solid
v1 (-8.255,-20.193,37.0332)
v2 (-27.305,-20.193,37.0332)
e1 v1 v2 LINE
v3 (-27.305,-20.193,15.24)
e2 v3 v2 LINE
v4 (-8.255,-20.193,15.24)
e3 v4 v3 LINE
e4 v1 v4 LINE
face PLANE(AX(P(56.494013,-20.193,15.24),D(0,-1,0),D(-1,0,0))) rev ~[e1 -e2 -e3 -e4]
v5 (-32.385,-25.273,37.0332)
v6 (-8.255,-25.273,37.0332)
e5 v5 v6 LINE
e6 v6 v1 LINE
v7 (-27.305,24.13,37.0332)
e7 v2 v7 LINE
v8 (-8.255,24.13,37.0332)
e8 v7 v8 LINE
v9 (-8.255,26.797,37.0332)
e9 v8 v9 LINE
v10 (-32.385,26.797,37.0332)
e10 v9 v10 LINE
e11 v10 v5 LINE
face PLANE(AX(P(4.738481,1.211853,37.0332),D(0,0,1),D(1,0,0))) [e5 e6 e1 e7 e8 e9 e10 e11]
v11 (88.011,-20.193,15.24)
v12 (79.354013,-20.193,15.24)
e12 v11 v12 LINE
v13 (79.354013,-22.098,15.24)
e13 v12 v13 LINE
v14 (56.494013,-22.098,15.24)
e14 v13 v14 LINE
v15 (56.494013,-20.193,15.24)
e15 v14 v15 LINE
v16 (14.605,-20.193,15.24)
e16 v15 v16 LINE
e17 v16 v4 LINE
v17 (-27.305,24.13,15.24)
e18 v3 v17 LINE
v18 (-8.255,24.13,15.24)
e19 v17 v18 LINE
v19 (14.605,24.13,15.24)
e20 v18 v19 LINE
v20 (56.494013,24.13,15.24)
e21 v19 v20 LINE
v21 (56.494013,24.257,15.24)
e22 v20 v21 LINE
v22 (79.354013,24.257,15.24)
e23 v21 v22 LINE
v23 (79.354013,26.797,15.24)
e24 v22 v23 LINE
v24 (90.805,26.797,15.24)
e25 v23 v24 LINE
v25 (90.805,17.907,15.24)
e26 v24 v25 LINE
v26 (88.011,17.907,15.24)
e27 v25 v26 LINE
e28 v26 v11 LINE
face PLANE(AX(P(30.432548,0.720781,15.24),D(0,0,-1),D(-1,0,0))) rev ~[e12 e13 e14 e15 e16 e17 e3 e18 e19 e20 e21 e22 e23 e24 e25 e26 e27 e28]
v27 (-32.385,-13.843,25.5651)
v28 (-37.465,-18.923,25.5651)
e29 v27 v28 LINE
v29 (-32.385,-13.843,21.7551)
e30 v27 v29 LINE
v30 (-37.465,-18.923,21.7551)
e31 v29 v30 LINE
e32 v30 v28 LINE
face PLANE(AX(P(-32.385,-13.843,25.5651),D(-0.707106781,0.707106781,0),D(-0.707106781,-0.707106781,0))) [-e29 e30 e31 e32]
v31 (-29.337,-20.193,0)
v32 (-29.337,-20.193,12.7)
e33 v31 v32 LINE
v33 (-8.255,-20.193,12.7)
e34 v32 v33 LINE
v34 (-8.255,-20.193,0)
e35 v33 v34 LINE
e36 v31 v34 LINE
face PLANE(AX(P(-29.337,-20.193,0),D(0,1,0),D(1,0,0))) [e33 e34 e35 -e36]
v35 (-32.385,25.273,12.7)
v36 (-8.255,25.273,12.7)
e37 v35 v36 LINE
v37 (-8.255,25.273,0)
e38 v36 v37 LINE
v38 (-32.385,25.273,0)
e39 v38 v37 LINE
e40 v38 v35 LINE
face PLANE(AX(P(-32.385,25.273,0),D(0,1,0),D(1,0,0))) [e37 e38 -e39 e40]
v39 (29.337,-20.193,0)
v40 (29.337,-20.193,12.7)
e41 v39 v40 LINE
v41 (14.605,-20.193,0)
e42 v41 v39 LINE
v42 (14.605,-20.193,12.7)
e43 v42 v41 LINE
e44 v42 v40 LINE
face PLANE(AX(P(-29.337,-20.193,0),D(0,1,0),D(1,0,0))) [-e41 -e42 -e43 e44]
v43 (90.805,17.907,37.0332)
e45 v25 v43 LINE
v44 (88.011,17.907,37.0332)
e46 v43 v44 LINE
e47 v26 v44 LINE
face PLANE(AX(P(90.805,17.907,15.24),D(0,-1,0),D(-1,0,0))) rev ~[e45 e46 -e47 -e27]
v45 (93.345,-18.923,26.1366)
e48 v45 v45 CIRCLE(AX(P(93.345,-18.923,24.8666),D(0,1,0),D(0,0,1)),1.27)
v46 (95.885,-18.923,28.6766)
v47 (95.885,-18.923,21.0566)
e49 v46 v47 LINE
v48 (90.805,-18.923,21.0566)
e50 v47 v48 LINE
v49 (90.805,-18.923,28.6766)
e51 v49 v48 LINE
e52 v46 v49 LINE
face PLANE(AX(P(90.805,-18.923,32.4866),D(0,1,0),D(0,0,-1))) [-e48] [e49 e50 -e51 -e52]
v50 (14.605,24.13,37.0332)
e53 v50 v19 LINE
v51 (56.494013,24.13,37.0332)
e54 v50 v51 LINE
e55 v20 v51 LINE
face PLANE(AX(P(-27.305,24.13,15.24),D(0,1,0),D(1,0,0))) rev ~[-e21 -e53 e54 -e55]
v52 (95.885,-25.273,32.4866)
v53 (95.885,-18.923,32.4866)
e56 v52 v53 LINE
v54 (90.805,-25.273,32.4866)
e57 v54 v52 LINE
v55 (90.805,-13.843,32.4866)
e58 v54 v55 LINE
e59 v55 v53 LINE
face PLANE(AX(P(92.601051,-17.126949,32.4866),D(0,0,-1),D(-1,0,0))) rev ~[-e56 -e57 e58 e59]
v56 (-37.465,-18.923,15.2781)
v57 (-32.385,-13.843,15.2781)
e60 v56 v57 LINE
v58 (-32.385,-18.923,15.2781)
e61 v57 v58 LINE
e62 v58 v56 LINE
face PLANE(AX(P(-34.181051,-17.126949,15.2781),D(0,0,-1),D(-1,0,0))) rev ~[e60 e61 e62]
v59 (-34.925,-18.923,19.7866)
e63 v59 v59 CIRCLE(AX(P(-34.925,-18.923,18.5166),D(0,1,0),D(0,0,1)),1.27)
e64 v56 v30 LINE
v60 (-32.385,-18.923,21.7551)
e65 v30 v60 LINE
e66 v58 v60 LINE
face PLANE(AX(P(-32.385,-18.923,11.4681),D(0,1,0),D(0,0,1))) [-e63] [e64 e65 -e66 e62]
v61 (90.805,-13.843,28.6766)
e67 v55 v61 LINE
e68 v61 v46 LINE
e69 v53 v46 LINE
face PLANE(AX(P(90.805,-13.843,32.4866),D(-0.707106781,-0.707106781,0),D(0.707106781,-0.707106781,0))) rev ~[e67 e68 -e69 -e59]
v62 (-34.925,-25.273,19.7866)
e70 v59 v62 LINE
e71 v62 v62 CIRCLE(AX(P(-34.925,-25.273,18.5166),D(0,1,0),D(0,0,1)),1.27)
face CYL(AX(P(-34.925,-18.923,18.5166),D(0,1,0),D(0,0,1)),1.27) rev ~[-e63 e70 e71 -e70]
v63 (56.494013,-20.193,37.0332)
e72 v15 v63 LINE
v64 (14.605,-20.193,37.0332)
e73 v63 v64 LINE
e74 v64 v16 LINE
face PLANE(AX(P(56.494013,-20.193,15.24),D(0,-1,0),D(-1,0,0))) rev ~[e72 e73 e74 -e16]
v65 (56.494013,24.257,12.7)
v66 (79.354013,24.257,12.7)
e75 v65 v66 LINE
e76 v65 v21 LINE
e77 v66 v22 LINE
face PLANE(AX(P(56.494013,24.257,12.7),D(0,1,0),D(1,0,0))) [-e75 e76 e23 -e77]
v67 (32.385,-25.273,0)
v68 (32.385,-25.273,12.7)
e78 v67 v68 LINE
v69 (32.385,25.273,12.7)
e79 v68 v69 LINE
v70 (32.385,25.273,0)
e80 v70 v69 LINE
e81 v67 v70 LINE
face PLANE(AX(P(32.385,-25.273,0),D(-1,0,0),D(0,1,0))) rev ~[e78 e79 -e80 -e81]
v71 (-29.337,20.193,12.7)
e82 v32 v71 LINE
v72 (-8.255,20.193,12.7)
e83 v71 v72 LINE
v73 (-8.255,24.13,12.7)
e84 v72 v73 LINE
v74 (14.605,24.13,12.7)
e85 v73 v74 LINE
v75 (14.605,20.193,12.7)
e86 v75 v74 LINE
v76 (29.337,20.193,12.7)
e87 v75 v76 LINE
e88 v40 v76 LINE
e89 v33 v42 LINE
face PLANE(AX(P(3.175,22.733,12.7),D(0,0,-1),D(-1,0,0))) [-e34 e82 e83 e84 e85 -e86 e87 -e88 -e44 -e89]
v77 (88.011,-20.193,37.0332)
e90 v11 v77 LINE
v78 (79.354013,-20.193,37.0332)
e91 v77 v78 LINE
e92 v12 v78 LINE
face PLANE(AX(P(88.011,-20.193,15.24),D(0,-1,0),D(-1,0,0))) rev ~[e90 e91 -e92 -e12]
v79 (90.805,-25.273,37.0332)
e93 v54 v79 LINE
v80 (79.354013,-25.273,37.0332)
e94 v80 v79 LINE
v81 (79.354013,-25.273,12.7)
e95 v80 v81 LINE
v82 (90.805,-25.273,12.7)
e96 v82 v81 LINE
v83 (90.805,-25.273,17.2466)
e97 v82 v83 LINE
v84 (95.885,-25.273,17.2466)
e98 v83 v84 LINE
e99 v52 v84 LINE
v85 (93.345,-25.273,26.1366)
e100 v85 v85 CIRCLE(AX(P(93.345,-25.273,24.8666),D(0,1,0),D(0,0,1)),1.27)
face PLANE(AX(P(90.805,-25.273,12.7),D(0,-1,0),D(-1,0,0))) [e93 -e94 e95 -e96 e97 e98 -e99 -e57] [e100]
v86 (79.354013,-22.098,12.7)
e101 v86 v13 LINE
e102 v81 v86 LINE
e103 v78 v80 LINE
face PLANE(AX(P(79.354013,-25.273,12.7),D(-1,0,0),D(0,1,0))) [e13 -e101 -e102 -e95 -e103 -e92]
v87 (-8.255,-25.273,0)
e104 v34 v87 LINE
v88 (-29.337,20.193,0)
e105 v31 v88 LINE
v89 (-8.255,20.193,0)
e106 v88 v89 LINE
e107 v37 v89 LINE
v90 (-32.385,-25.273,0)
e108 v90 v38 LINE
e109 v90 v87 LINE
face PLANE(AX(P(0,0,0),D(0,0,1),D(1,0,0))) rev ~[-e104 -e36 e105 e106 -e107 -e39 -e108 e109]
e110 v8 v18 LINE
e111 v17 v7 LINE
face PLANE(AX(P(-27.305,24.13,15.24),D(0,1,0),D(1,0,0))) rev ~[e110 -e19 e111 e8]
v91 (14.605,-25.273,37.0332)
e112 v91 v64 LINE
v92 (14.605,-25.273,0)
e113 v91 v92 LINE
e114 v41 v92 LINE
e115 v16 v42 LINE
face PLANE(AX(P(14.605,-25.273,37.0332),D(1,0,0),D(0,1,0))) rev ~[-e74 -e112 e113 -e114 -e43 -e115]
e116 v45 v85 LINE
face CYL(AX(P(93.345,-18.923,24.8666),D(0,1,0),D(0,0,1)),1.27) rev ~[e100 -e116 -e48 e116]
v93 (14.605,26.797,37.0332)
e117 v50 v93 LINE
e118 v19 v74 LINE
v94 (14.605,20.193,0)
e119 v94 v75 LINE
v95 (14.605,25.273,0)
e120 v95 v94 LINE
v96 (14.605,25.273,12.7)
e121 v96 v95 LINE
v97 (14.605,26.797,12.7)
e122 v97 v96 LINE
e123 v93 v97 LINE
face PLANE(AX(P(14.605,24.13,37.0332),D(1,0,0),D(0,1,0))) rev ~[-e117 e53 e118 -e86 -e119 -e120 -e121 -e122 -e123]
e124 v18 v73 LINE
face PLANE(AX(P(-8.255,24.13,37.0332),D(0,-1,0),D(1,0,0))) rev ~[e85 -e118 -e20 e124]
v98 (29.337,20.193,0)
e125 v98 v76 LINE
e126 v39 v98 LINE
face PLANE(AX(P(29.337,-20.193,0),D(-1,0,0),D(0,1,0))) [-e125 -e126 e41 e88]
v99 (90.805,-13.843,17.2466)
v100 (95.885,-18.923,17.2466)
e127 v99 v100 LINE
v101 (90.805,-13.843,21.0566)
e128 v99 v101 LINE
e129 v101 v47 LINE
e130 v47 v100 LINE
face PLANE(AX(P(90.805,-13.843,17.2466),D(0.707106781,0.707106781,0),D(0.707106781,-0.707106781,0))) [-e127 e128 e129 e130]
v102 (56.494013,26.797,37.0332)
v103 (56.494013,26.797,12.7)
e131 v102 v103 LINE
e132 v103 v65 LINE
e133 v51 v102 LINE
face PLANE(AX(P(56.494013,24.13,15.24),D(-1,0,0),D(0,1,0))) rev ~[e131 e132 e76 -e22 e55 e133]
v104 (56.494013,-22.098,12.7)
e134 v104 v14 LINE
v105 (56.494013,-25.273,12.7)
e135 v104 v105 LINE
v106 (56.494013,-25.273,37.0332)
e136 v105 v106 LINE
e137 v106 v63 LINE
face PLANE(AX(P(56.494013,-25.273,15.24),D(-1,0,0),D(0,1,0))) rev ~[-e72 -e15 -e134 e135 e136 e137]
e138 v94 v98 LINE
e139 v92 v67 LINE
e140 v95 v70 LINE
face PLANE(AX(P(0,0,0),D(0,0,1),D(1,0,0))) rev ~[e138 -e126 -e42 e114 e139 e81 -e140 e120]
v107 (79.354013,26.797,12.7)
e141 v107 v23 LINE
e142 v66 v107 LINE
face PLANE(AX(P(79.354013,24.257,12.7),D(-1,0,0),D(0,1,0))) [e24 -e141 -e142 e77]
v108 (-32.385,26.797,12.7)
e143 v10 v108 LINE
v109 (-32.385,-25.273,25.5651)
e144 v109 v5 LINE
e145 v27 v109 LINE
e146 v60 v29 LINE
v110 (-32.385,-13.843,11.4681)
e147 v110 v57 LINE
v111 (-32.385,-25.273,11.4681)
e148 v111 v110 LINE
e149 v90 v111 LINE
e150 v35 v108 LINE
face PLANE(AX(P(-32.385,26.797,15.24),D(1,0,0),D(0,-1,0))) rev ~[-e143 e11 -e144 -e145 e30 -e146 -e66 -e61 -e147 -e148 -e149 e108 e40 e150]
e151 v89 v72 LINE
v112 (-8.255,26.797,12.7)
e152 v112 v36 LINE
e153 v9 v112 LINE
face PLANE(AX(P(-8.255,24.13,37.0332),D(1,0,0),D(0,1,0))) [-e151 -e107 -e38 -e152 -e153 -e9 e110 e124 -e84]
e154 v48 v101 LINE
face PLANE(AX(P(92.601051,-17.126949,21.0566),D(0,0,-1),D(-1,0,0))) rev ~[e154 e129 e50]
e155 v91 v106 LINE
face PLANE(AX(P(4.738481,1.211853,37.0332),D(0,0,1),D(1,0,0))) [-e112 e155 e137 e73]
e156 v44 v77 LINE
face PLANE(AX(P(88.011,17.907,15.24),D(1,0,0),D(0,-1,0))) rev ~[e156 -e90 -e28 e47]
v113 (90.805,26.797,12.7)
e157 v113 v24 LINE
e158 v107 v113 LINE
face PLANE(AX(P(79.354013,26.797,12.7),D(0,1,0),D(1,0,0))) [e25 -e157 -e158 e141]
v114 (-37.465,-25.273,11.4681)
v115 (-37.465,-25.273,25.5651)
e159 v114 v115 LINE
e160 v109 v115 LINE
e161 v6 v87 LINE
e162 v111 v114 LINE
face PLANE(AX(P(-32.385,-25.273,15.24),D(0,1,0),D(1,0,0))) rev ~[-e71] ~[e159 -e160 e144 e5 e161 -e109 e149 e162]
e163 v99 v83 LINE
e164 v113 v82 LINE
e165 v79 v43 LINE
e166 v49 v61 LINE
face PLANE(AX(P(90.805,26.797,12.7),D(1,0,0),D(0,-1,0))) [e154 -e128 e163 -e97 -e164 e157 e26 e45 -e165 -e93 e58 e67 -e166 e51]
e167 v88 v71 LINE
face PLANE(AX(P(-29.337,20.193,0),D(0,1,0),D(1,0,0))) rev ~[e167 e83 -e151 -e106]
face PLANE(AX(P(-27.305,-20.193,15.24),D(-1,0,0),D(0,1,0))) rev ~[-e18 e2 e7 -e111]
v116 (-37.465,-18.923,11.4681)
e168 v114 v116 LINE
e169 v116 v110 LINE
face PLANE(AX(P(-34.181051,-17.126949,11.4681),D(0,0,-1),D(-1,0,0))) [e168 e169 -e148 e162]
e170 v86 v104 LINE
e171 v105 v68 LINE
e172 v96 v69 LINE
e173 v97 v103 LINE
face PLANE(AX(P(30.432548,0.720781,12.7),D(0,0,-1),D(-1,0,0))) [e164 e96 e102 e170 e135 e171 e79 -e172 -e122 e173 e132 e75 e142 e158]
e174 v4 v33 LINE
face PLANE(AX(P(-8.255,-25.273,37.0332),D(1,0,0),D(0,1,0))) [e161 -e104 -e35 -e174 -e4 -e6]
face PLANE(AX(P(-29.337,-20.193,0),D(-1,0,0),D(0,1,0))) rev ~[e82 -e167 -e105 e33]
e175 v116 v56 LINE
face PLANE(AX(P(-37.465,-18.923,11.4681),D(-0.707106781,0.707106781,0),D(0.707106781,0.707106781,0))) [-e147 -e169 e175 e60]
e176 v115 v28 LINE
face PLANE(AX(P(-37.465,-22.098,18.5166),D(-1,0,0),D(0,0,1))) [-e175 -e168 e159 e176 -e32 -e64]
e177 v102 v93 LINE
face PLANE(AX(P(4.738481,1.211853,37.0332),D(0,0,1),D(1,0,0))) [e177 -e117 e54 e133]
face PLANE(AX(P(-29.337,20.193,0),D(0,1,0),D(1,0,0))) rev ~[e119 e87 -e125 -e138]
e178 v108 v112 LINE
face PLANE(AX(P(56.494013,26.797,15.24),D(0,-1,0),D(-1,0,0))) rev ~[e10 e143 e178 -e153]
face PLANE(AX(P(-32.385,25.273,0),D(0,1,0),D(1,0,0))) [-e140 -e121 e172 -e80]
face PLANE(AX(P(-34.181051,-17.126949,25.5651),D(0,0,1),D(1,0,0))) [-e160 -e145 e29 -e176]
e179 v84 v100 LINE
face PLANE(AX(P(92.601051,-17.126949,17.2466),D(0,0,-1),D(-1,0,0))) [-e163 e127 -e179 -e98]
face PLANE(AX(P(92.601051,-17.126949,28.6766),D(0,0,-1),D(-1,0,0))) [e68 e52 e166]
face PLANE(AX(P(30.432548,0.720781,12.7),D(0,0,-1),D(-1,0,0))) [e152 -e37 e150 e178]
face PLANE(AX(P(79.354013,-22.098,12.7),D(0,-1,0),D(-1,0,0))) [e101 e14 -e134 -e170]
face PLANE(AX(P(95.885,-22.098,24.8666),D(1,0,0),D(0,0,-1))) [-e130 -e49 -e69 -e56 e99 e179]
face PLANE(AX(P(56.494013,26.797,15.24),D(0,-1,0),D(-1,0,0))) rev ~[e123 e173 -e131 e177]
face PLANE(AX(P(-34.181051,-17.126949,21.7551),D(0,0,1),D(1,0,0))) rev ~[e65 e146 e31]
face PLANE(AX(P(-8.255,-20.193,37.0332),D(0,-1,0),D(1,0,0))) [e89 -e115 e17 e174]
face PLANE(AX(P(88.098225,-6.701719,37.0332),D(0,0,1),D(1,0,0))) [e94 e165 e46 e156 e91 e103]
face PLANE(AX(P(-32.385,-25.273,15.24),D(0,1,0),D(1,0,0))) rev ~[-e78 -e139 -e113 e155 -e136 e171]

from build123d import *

# Parameters (mm, degrees)
SKETCH1_W            = 64.77
SKETCH1_H            = 50.546
SKETCH1_W_2          = 58.674
SKETCH1_H_2          = 40.386
BOSS_EXTRUDE1_DEPTH  = 12.7
BOSS_EXTRUDE2_DEPTH  = 2.54
BOSS_EXTRUDE3_DEPTH  = 21.7932
SKETCH6_W            = 22.86
SKETCH6_H            = 2.667
SKETCH6_H_2          = 5.08
CUT_EXTRUDE1_DEPTH   = 102.661620763
SKETCH7_W            = 22.86
SKETCH7_H            = 5.08
SKETCH7_H_2          = 1.143
CUT_EXTRUDE2_DEPTH   = 12.7
SKETCH10_W           = 14.097
SKETCH10_H           = 6.35
BOSS_EXTRUDE4_DEPTH  = 5.08
BOSS_EXTRUDE5_DEPTH  = 3.81
SKETCH12_R           = 1.27
CUT_EXTRUDE3_DEPTH   = 109.200389682
BOSS_EXTRUDE7_DEPTH  = 3.81
SKETCH14_W           = 15.24
SKETCH14_H           = 6.35
BOSS_EXTRUDE8_DEPTH  = 5.08
SKETCH15_R           = 1.27
CUT_EXTRUDE4_DEPTH   = 113.497597873
BOSS_EXTRUDE9_DEPTH  = 3.81
BOSS_EXTRUDE10_DEPTH = 3.81


with BuildPart() as part:
    # Sketch1 → Boss-Extrude1 (new body)
    with BuildSketch(Plane.XY):
        Rectangle(SKETCH1_W, SKETCH1_H)
        Rectangle(SKETCH1_W_2, SKETCH1_H_2, mode=Mode.SUBTRACT)
    extrude(amount=BOSS_EXTRUDE1_DEPTH)

    # Sketch3 → Boss-Extrude2 (add)
    with BuildSketch(Plane.XY.offset(12.7)):
        Polygon((79.354012503, -25.273), (79.354012503, -22.098), (56.494012503, -22.098), (56.494012503, -25.273), (-32.385, -25.273), (-32.385, 26.797), (56.494012503, 26.797), (56.494012503, 24.257), (79.354012503, 24.257), (79.354012503, 26.797), (90.805, 26.797), (90.805, -25.273), align=None)
    extrude(amount=BOSS_EXTRUDE2_DEPTH)

    # Sketch5 → Boss-Extrude3 (add)
    with BuildSketch(Plane.XY.offset(15.24)):
        Polygon((-32.385, 26.797), (-32.385, -25.273), (56.494012503, -25.273), (56.494012503, -20.193), (-27.305, -20.193), (-27.305, 24.13), (56.494012503, 24.13), (56.494012503, 26.797), align=None)
        Polygon((79.354012503, -20.193), (79.354012503, -25.273), (90.805, -25.273), (90.805, 17.907), (88.011, 17.907), (88.011, -20.193), align=None)
    extrude(amount=BOSS_EXTRUDE3_DEPTH)

    # Sketch6 → Cut-Extrude1 (cut, through all)
    with BuildSketch(Plane.XY.offset(37.0332)):
        with Locations((3.175, 25.4635)):
            Rectangle(SKETCH6_W, SKETCH6_H)
        with Locations((3.175, -22.733)):
            Rectangle(SKETCH6_W, SKETCH6_H_2)
    extrude(amount=-CUT_EXTRUDE1_DEPTH, mode=Mode.SUBTRACT)

    # Sketch7 → Cut-Extrude2 (cut)
    with BuildSketch(Plane(origin=(0, 0, 0), x_dir=(-1, 0, 0), z_dir=(0, 0, -1))):
        with Locations((-3.175, 22.733)):
            Rectangle(SKETCH7_W, SKETCH7_H)
        with Locations((-3.175, -20.7645)):
            Rectangle(SKETCH7_W, SKETCH7_H_2)
    extrude(amount=-CUT_EXTRUDE2_DEPTH, mode=Mode.SUBTRACT)

    # Sketch10 → Boss-Extrude4 (add)
    with BuildSketch(Plane.ZY.offset(32.385)):
        with Locations((18.5166, -22.098)):
            Rectangle(SKETCH10_W, SKETCH10_H)
    extrude(amount=BOSS_EXTRUDE4_DEPTH)

    # Sketch11 → Boss-Extrude5 (add)
    with BuildSketch(Plane.XY.offset(25.5651)):
        Polygon((-37.465, -18.923), (-32.385, -18.923), (-32.385, -13.843), align=None)
    extrude(amount=-BOSS_EXTRUDE5_DEPTH)

    # Sketch12 → Cut-Extrude3 (cut, through all)
    with BuildSketch(Plane(origin=(0, -18.923, 0), x_dir=(1, 0, 0), z_dir=(0, 1, 0))):
        with Locations(Location((-34.925, -18.5166, 0), (0, 0, 270))):
            Circle(SKETCH12_R)
    extrude(amount=-CUT_EXTRUDE3_DEPTH, mode=Mode.SUBTRACT)

    # Sketch13 → Boss-Extrude7 (add)
    with BuildSketch(Plane(origin=(0, 0, 11.4681), x_dir=(-1, 0, 0), z_dir=(0, 0, -1))):
        Polygon((32.385, -13.843), (32.385, -18.923), (37.465, -18.923), align=None)
    extrude(amount=-BOSS_EXTRUDE7_DEPTH)

    # Sketch14 → Boss-Extrude8 (add)
    with BuildSketch(Plane(origin=(90.805, 0, 0), x_dir=(0, 0, -1), z_dir=(1, 0, 0))):
        with Locations((-24.8666, -22.098)):
            Rectangle(SKETCH14_W, SKETCH14_H)
    extrude(amount=BOSS_EXTRUDE8_DEPTH)

    # Sketch15 → Cut-Extrude4 (cut, through all)
    with BuildSketch(Plane(origin=(0, -18.923, 0), x_dir=(1, 0, 0), z_dir=(0, 1, 0))):
        with Locations(Location((93.345, -24.8666, 0), (0, 0, 270))):
            Circle(SKETCH15_R)
    extrude(amount=-CUT_EXTRUDE4_DEPTH, mode=Mode.SUBTRACT)

    # Sketch17 → Boss-Extrude9 (add)
    with BuildSketch(Plane.XY.offset(32.4866)):
        Polygon((95.885, -18.923), (90.805, -18.923), (90.805, -13.843), align=None)
    extrude(amount=-BOSS_EXTRUDE9_DEPTH)

    # Sketch18 → Boss-Extrude10 (add)
    with BuildSketch(Plane(origin=(0, 0, 17.2466), x_dir=(-1, 0, 0), z_dir=(0, 0, -1))):
        Polygon((-95.885, -18.923), (-90.805, -18.923), (-90.805, -13.843), align=None)
    extrude(amount=-BOSS_EXTRUDE10_DEPTH)


solid = part.part
